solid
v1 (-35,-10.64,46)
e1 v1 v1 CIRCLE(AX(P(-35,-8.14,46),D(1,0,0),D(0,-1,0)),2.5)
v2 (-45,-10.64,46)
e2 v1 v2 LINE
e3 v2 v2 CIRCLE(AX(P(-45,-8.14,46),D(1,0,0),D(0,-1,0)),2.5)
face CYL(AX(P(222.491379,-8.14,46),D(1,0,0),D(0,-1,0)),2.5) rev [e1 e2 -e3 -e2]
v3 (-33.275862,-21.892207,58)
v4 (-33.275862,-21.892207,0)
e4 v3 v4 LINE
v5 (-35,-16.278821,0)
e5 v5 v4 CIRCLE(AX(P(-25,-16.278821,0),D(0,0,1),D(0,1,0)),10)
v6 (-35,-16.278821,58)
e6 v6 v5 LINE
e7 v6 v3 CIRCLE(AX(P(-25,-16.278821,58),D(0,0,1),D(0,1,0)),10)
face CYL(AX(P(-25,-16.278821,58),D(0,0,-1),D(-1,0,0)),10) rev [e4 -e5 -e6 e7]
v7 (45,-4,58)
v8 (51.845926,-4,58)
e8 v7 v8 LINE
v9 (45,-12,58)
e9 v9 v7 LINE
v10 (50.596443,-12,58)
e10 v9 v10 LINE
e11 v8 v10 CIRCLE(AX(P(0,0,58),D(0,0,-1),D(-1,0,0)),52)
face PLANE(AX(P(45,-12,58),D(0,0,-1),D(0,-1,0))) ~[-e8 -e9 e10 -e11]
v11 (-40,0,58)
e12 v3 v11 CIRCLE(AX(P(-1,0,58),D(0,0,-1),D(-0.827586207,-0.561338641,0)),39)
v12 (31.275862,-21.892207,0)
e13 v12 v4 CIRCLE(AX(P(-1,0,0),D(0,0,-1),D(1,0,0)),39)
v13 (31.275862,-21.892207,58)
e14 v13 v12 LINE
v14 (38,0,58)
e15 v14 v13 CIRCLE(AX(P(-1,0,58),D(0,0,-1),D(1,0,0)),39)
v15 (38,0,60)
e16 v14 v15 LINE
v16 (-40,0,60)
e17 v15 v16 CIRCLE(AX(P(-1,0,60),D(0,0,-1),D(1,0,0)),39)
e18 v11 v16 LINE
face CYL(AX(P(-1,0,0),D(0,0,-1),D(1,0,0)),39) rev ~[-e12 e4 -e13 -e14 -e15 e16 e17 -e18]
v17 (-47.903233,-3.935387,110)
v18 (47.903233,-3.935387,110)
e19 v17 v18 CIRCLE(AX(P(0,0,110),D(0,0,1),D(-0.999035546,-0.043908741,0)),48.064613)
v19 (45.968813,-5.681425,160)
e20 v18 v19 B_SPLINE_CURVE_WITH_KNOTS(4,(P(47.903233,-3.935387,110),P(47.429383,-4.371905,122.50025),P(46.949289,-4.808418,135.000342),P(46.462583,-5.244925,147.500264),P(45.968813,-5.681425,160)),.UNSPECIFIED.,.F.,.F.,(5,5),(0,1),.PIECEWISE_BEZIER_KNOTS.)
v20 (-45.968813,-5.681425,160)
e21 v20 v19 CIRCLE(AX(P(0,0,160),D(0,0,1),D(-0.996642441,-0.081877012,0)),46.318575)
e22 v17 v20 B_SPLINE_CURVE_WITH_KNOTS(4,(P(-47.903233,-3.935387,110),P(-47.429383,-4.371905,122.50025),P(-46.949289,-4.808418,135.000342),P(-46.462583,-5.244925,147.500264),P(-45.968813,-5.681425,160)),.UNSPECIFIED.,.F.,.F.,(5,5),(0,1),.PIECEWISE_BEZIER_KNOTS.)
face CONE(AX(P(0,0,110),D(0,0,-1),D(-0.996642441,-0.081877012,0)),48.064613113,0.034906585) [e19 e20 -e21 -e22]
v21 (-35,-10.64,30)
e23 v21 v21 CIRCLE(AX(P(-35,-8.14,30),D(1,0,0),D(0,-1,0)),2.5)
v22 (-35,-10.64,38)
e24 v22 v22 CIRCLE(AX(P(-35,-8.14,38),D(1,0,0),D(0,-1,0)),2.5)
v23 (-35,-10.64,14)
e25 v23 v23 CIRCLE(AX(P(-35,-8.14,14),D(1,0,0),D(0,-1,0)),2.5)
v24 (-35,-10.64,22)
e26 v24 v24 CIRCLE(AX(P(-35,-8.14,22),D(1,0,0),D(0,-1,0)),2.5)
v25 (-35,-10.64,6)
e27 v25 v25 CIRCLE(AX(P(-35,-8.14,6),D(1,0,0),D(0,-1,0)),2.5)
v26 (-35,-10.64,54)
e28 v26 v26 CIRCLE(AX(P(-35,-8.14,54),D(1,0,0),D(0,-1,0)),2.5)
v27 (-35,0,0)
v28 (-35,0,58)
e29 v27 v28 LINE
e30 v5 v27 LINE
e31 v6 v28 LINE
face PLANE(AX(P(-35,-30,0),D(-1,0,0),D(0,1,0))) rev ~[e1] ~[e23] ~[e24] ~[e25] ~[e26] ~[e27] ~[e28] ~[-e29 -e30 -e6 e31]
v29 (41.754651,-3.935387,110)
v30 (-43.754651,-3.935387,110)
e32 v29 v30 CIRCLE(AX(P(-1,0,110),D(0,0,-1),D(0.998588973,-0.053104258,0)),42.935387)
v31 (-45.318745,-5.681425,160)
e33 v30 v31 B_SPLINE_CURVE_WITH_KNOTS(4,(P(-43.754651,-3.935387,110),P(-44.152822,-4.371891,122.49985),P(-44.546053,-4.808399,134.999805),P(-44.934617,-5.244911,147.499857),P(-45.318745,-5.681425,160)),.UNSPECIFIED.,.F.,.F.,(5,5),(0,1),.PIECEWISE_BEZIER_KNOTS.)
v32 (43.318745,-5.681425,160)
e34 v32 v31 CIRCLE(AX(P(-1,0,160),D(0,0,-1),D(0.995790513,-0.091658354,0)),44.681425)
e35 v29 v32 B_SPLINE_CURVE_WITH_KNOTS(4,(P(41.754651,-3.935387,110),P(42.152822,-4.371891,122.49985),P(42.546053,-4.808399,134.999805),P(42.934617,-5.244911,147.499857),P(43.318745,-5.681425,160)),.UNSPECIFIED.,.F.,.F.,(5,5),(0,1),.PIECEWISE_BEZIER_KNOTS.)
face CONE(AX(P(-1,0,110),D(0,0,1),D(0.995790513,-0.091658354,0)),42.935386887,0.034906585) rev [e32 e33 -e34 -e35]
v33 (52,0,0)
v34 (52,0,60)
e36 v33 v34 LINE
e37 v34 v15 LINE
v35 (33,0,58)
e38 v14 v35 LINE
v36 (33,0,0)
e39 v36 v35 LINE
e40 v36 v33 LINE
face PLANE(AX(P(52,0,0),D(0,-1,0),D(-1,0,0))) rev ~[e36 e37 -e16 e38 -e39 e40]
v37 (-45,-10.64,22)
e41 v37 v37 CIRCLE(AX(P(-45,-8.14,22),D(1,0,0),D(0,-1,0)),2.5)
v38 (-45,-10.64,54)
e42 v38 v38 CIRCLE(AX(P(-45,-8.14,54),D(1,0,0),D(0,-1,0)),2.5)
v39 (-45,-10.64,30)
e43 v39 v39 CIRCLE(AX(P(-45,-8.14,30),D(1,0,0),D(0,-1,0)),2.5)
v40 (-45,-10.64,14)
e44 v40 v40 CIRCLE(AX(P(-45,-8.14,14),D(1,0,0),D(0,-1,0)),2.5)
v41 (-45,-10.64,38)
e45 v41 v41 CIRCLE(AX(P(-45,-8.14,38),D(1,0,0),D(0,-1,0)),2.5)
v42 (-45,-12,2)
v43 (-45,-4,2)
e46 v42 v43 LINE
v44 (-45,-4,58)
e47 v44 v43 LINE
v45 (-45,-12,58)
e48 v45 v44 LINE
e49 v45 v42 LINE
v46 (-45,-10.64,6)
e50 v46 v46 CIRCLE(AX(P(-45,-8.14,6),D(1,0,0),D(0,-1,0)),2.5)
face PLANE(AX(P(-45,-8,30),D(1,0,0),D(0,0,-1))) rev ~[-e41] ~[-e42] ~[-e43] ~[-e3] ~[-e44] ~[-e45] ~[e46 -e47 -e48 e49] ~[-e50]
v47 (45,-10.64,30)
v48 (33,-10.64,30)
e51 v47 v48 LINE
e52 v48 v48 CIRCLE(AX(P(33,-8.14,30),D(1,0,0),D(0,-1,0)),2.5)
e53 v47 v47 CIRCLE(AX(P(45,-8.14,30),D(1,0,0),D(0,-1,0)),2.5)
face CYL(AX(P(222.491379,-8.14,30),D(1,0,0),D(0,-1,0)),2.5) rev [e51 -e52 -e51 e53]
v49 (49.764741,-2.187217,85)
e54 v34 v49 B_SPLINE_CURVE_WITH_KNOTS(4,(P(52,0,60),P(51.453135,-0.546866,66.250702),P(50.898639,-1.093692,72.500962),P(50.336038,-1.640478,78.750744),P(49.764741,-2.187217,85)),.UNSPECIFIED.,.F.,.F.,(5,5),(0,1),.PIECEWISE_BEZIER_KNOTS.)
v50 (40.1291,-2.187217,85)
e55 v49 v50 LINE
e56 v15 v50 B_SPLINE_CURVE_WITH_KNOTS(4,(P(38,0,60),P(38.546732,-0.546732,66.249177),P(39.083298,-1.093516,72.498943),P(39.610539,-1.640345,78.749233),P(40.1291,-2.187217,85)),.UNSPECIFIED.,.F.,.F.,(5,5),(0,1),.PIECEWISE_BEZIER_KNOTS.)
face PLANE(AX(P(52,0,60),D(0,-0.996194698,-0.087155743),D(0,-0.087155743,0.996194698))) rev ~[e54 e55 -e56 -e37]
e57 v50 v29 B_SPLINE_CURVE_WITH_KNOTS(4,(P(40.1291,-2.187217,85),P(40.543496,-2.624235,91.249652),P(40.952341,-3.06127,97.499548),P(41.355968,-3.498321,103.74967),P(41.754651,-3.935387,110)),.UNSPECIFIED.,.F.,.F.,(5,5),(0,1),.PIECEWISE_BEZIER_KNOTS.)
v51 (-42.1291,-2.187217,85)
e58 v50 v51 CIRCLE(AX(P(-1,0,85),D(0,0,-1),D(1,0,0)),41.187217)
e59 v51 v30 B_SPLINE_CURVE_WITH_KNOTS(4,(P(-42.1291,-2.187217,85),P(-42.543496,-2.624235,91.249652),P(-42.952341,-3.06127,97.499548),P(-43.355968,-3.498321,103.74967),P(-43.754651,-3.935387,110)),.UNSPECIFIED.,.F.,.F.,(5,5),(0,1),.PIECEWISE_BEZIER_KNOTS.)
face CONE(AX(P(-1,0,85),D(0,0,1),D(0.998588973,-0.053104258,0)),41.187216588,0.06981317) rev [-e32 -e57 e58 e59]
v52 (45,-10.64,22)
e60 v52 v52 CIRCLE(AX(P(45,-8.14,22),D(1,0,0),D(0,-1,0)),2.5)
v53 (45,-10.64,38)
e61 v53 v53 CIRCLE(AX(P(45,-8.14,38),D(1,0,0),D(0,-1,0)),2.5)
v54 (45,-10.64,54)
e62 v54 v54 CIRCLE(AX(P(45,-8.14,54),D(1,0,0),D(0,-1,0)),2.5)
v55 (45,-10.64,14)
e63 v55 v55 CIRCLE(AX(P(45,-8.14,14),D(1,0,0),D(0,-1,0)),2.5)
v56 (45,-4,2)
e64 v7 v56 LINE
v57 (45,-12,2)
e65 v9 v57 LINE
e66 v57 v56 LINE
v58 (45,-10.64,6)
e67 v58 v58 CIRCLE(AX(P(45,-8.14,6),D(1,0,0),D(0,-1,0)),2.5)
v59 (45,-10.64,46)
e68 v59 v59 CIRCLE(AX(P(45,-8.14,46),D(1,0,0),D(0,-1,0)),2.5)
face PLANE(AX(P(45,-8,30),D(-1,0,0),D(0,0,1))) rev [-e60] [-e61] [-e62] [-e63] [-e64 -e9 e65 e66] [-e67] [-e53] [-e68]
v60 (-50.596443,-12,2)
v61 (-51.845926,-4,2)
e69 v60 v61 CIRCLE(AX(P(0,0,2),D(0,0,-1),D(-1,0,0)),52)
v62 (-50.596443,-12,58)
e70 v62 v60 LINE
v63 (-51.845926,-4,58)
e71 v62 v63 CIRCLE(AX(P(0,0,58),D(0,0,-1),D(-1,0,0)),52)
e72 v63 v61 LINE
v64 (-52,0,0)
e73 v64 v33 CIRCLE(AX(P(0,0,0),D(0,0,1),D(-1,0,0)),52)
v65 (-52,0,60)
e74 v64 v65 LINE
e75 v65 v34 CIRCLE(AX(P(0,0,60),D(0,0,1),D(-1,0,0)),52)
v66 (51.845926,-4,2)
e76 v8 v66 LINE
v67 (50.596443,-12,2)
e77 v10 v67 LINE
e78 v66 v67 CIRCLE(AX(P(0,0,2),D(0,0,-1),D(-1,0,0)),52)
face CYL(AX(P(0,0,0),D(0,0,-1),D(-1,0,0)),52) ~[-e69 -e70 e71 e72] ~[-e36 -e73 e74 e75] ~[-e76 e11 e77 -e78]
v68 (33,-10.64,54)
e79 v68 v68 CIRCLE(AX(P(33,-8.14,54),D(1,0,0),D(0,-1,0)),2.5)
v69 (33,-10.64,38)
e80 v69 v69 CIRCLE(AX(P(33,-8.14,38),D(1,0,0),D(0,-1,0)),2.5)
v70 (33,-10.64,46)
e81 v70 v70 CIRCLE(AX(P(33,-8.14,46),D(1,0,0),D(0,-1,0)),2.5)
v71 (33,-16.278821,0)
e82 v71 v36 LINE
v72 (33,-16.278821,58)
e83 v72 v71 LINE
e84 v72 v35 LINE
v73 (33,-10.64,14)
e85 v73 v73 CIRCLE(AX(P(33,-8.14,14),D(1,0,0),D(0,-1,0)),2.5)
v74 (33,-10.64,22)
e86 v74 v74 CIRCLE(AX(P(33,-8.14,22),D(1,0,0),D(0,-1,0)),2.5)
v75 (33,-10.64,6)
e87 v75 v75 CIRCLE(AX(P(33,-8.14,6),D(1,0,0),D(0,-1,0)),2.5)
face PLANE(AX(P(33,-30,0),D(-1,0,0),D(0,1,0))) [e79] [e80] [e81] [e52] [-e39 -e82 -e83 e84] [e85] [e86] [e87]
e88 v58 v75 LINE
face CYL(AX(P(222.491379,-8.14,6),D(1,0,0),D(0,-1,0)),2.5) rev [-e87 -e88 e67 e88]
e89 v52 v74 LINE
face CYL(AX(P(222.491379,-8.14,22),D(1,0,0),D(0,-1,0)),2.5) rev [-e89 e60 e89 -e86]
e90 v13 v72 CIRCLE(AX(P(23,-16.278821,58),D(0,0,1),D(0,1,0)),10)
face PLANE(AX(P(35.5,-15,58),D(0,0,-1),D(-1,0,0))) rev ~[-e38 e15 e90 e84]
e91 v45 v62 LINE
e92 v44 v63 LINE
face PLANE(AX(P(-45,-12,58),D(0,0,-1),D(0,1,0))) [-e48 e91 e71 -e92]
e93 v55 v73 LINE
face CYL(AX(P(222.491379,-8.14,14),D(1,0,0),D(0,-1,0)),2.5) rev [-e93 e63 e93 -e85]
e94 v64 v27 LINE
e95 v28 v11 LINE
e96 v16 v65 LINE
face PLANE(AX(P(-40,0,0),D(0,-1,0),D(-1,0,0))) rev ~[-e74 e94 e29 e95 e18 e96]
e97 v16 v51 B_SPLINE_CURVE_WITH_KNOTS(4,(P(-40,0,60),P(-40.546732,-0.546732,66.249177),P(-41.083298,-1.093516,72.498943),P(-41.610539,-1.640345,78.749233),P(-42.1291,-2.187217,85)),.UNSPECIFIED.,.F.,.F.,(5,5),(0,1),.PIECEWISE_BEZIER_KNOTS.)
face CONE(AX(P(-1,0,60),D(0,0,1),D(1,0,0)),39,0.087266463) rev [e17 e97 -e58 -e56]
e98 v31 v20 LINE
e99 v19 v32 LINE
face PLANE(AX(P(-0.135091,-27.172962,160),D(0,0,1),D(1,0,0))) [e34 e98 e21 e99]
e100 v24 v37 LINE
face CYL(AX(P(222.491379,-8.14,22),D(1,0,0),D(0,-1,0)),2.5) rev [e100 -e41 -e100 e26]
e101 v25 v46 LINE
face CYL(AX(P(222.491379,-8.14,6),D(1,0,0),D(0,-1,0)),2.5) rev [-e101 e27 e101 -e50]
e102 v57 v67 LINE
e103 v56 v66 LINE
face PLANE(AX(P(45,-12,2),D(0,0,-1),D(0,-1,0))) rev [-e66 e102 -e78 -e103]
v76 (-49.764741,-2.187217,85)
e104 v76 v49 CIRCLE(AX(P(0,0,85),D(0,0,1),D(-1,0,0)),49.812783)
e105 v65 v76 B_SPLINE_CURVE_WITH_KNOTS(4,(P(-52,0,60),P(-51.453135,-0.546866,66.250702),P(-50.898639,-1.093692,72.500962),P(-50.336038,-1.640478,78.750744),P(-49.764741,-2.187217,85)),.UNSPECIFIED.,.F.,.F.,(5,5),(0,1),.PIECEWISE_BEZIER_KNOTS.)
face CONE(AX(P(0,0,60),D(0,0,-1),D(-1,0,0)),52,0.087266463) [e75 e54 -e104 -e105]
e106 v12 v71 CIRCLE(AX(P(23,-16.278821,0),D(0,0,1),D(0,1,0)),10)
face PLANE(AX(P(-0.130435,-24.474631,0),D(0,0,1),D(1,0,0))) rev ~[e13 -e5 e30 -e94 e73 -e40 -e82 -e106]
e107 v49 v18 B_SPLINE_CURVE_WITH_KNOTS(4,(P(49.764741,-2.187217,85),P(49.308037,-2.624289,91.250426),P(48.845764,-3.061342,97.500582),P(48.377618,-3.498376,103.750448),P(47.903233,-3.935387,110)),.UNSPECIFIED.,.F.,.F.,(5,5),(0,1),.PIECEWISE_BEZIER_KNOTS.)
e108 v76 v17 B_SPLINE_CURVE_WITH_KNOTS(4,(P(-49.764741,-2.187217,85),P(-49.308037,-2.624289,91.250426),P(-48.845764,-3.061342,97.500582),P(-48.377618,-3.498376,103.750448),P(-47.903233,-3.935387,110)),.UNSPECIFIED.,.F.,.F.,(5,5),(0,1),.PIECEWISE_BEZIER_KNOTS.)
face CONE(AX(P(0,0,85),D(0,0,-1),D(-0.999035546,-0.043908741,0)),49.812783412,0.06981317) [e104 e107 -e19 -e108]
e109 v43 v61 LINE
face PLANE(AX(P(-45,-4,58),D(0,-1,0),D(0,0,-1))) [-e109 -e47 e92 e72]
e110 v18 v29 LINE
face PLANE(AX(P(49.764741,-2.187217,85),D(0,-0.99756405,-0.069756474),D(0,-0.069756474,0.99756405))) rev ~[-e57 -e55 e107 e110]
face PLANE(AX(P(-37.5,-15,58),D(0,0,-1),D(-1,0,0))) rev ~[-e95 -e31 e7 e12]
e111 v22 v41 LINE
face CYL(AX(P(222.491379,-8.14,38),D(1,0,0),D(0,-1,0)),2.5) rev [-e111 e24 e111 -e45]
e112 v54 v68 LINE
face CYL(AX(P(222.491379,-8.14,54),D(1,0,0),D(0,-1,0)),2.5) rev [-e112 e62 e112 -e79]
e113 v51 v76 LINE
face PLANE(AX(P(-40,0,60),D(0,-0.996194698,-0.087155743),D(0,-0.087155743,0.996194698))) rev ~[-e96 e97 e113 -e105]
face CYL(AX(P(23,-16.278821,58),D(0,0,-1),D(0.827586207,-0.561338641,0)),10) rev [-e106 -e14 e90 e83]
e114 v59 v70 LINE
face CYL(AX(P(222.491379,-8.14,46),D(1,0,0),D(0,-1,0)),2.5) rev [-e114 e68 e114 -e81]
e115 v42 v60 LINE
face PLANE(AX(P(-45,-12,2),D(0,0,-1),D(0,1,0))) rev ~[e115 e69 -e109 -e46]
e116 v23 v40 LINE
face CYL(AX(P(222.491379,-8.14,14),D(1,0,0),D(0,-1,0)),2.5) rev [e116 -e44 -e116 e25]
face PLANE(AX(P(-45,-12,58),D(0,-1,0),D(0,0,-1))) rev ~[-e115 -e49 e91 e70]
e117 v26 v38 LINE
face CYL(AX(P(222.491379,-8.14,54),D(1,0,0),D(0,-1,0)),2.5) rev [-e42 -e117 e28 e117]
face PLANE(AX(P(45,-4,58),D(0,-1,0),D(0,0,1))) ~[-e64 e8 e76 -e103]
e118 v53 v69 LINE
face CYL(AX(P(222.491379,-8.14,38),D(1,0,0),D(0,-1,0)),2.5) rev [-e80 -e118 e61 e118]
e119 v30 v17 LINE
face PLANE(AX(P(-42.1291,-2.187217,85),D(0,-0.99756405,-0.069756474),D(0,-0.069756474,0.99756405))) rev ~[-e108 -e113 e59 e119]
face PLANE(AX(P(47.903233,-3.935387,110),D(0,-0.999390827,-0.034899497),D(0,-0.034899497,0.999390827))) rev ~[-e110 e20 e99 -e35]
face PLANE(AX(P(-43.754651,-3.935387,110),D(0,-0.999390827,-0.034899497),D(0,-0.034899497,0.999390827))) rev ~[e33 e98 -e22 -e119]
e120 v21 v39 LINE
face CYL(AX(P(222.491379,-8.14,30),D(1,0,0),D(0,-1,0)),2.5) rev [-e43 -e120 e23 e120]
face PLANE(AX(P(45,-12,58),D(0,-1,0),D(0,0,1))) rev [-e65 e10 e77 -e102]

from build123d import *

# Parameters (mm, degrees)
BOSS_EXTRUDE1_DEPTH     = 60
BOSS_EXTRUDE2_DEPTH     = 25
BOSS_EXTRUDE2_TAPER     = 5
BOSS_EXTRUDE3_DEPTH     = 25
BOSS_EXTRUDE3_TAPER     = 4
BOSS_EXTRUDE4_DEPTH     = 50
BOSS_EXTRUDE4_TAPER     = 2
SKETCH5_W               = 5
SKETCH5_H               = 30
BOSS_EXTRUDE5_DEPTH     = 58
FILLET1_R               = 10
CUT_EXTRUDE1_DEPTH      = 189.491379271
CUT_EXTRUDE1_DEPTH_BACK = 189.491379271
SKETCH6_R               = 2.5
CUT_EXTRUDE2_START      = -10
SKETCH7_W               = 56
SKETCH7_H               = 8
CUT_EXTRUDE2_DEPTH      = 58


with BuildPart() as part:
    # Sketch1 → Boss-Extrude1 (new body)
    with BuildSketch(Plane.XY):
        with BuildLine():
            ThreePointArc((38, 0), (-1, -39), (-40, 0))
            Line((-40, 0), (-52, 0))
            ThreePointArc((-52, 0), (0, -52), (52, 0))
            Line((52, 0), (38, 0))
        make_face()
    extrude(amount=BOSS_EXTRUDE1_DEPTH)

    # Sketch2 → Boss-Extrude2 (add)
    with BuildSketch(Plane.XY.offset(60)):
        with BuildLine():
            Line((-40, 0), (-52, 0))
            ThreePointArc((-52, 0), (0, -52), (52, 0))
            Line((52, 0), (38, 0))
            ThreePointArc((38, 0), (-1, -39), (-40, 0))
        make_face()
    extrude(amount=BOSS_EXTRUDE2_DEPTH, taper=BOSS_EXTRUDE2_TAPER)

    # Sketch3 → Boss-Extrude3 (add)
    with BuildSketch(Plane.XY.offset(85)):
        with BuildLine():
            Line((-42.129100329, -2.187216588), (-49.764741282, -2.187216588))
            ThreePointArc((-49.764741282, -2.187216588), (0, -49.812783412), (49.764741282, -2.187216588))
            Line((49.764741282, -2.187216588), (40.129100329, -2.187216588))
            ThreePointArc((40.129100329, -2.187216588), (-1, -41.187216588), (-42.129100329, -2.187216588))
        make_face()
    extrude(amount=BOSS_EXTRUDE3_DEPTH, taper=BOSS_EXTRUDE3_TAPER)

    # Sketch4 → Boss-Extrude4 (add)
    with BuildSketch(Plane.XY.offset(110)):
        with BuildLine():
            Line((-43.754650942, -3.935386887), (-47.903233333, -3.935386887))
            ThreePointArc((-47.903233333, -3.935386887), (0, -48.064613113), (47.903233333, -3.935386887))
            Line((47.903233333, -3.935386887), (41.754650942, -3.935386887))
            ThreePointArc((41.754650942, -3.935386887), (-1, -42.935386887), (-43.754650942, -3.935386887))
        make_face()
    extrude(amount=BOSS_EXTRUDE4_DEPTH, taper=BOSS_EXTRUDE4_TAPER)

    # Sketch5 → Boss-Extrude5 (add)
    with BuildSketch(Plane(origin=(0, 0, 0), x_dir=(-1, 0, 0), z_dir=(0, 0, -1))):
        with Locations((-35.5, -15)):
            Rectangle(SKETCH5_W, SKETCH5_H)
        with Locations((37.5, -15)):
            Rectangle(SKETCH5_W, SKETCH5_H)
    extrude(amount=-BOSS_EXTRUDE5_DEPTH)

    # Fillet1
    fillet1_edges = [part.edges().sort_by_distance(p)[0] for p in [
        (33, -19.104973175, 29),
        (-35, -19.104973175, 29),
    ]]
    fillet(fillet1_edges, radius=FILLET1_R)

    # Sketch6 → Cut-Extrude1 (cut, two sides: drawn at the far end of the back side and taken through both)
    with BuildSketch(Plane.ZY.offset(-33).offset(-CUT_EXTRUDE1_DEPTH_BACK)):
        with Locations(Location((6, -8.14, 0), (0, 0, 270))):
            Circle(SKETCH6_R)
        with Locations(Location((14, -8.14, 0), (0, 0, 270))):
            Circle(SKETCH6_R)
        with Locations(Location((22, -8.14, 0), (0, 0, 270))):
            Circle(SKETCH6_R)
        with Locations(Location((30, -8.14, 0), (0, 0, 270))):
            Circle(SKETCH6_R)
        with Locations(Location((38, -8.14, 0), (0, 0, 270))):
            Circle(SKETCH6_R)
        with Locations(Location((46, -8.14, 0), (0, 0, 270))):
            Circle(SKETCH6_R)
        with Locations(Location((54, -8.14, 0), (0, 0, 270))):
            Circle(SKETCH6_R)
    extrude(amount=CUT_EXTRUDE1_DEPTH + CUT_EXTRUDE1_DEPTH_BACK, mode=Mode.SUBTRACT)

    # Sketch7 → Cut-Extrude2 (cut)
    with BuildSketch(Plane(origin=(-35, 0, 0), x_dir=(0, 0, -1), z_dir=(1, 0, 0)).offset(CUT_EXTRUDE2_START)):
        with Locations((-30, -8)):
            Rectangle(SKETCH7_W, SKETCH7_H)
    cut_extrude2 = extrude(amount=-CUT_EXTRUDE2_DEPTH, mode=Mode.SUBTRACT)

    # Mirror1: Cut-Extrude2 across plane
    add(cut_extrude2.mirror(Plane(origin=(0, 0, 0), x_dir=(0, 0, 1), z_dir=(1, 0, 0))), mode=Mode.SUBTRACT)


solid = part.part
